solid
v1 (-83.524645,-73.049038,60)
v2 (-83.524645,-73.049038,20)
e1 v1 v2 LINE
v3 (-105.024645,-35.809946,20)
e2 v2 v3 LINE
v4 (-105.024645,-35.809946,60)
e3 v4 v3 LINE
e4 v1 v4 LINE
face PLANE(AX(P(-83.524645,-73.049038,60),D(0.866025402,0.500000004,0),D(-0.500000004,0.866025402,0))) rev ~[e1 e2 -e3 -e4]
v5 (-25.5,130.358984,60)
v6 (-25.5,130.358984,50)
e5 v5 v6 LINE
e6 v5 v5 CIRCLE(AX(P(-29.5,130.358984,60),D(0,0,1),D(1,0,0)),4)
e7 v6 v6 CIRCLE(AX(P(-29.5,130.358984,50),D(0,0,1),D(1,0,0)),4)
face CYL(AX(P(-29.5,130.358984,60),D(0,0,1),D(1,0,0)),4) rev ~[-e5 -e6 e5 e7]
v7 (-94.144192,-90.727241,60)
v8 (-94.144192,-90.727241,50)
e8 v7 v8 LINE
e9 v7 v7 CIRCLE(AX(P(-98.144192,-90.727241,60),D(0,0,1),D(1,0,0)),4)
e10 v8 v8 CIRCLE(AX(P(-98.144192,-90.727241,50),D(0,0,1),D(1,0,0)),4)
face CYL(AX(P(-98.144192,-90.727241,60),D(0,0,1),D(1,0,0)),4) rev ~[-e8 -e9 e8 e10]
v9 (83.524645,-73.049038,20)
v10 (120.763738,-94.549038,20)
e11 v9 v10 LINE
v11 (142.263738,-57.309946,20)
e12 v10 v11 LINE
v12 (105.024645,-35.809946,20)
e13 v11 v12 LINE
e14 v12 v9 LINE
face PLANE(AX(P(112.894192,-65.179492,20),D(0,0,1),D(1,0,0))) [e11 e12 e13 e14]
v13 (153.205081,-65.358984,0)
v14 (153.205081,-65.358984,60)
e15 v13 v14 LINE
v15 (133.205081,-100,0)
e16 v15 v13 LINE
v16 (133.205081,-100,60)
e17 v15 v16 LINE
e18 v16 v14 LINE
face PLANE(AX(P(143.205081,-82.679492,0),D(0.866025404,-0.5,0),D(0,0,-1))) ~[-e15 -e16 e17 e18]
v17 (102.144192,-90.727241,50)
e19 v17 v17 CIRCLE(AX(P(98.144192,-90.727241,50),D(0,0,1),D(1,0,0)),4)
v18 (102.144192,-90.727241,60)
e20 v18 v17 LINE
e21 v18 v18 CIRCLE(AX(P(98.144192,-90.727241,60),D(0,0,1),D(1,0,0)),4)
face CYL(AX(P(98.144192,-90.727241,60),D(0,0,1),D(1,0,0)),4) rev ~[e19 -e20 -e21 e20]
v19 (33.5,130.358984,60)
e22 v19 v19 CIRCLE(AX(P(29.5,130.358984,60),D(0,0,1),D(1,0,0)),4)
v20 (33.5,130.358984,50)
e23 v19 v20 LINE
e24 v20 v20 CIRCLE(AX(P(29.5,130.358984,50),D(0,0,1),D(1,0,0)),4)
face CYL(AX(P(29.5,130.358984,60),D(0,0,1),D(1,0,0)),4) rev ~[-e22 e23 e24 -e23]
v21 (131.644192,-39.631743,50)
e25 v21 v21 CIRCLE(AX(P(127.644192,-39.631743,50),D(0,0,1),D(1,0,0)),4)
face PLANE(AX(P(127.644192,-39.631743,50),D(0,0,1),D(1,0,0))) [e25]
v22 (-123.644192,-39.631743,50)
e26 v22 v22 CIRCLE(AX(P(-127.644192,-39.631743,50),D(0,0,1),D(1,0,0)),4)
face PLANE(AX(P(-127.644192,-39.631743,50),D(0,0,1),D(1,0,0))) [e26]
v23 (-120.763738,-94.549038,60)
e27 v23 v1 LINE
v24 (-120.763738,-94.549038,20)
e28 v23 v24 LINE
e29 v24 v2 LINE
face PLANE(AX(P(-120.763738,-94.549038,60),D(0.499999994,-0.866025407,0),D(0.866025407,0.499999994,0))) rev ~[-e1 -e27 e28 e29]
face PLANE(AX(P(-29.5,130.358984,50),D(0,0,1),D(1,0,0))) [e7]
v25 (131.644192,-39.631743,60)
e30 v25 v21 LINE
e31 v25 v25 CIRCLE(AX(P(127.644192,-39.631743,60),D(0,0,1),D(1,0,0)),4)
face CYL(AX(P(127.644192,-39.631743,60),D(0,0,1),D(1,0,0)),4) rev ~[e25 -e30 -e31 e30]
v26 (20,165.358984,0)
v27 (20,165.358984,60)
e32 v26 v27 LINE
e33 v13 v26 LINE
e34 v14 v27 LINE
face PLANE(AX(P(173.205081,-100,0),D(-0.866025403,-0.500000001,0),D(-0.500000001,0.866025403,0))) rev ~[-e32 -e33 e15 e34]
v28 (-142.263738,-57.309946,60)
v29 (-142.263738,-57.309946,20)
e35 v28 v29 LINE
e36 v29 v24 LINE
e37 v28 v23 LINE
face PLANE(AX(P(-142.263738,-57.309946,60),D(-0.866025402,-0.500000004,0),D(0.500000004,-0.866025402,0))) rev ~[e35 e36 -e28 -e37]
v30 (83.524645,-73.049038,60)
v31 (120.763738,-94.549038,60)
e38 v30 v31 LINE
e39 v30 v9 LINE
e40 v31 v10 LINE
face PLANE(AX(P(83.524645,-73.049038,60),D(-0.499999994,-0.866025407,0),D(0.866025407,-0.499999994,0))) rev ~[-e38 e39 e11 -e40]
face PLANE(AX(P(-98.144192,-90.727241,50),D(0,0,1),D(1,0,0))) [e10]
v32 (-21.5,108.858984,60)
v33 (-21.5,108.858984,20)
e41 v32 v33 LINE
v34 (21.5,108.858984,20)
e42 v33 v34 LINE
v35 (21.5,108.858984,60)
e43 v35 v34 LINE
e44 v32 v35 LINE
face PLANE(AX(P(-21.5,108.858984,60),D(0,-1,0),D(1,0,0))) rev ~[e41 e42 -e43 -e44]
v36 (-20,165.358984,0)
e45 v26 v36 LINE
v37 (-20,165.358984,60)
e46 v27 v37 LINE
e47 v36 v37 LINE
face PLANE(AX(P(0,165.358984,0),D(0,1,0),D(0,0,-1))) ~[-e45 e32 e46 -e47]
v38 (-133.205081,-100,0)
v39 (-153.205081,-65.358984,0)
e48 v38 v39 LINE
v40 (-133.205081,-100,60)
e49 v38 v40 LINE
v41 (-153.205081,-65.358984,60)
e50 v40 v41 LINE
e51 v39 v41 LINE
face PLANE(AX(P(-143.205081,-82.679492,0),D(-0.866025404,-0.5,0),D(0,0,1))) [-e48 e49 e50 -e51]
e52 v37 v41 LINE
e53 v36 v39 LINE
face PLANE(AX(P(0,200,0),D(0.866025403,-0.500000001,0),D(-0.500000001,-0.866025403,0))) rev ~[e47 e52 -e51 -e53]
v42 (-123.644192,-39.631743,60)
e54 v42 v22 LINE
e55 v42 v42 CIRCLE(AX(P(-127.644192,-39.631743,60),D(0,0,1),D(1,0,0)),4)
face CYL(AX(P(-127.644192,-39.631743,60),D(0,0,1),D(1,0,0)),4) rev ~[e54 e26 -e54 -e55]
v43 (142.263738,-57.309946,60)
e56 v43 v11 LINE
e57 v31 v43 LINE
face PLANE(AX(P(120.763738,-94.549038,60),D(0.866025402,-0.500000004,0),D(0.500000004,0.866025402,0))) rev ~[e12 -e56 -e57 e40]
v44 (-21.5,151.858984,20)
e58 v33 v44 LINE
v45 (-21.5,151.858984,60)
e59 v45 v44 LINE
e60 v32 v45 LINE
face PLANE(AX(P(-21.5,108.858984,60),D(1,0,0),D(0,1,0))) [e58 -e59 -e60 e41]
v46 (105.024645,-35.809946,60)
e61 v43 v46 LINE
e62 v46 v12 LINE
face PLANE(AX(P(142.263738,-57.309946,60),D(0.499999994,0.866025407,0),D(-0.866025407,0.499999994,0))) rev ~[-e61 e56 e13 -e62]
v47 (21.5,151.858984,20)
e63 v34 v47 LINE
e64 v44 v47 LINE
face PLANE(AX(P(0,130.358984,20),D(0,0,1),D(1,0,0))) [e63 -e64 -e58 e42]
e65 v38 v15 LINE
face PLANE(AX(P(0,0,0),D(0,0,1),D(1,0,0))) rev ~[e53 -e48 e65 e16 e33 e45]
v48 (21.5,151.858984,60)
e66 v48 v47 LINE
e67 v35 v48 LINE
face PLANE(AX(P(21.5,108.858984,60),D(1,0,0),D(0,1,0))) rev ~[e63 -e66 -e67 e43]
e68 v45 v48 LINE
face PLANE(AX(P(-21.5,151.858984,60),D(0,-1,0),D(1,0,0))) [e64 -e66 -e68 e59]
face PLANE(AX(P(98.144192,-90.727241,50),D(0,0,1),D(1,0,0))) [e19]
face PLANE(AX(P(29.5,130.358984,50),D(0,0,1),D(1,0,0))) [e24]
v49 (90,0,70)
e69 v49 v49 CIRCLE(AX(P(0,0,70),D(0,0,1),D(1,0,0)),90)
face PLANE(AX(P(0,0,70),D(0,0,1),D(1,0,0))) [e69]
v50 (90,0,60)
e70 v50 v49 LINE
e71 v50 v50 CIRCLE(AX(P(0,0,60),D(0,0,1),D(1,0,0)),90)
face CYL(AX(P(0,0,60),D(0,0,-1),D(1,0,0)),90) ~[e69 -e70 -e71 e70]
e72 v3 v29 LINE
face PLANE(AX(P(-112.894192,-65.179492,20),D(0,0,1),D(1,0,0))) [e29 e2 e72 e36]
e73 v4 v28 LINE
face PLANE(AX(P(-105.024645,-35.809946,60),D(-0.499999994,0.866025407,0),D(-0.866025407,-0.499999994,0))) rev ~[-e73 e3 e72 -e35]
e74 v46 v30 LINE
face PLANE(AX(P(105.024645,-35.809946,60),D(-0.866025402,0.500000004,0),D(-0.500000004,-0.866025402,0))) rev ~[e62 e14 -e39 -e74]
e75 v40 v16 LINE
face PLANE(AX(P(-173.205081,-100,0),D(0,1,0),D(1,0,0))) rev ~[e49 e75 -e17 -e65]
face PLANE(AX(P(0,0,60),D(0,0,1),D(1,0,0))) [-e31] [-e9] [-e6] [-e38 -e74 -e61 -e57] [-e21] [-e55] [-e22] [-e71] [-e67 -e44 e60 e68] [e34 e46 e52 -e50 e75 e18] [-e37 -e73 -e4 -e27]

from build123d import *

# Parameters (mm, degrees)
F1_DEPTH = 60
F2_SIZE  = 40
F3_R     = 90
F4_DEPTH = 10
F5_W     = 43
F5_H     = 43
F6_DEPTH = 40
F7_R     = 4
F8_DEPTH = 10


with BuildPart() as f1:
    # F0 (on Top) → F1 (new body)
    with BuildSketch(Plane.XY):
        Polygon((-173.205081, -100), (173.205081, -100), (0, 200), align=None)
    extrude(amount=F1_DEPTH)

    # F2
    f2_edges = [f1.edges().sort_by_distance(p)[0] for p in [
        (-173.205081, -100, 30),
        (173.205081, -100, 30),
        (0, 200, 30),
    ]]
    chamfer(f2_edges, length=F2_SIZE)

    # F3 (on face) → F4 (join)
    with BuildSketch(Plane.XY.offset(60)):
        Circle(F3_R)
    extrude(amount=F4_DEPTH)

    # F5 (on face) → F6 (cut)
    with BuildSketch(Plane.XY.offset(60)):
        with Locations((0, 130.358984)):
            Rectangle(F5_W, F5_H)
        Polygon((-120.763738, -94.549038), (-83.524645, -73.049038), (-105.024645, -35.809946), (-142.263738, -57.309946), align=None)
        Polygon((142.263738, -57.309946), (105.024645, -35.809946), (83.524645, -73.049038), (120.763738, -94.549038), align=None)
    extrude(amount=-F6_DEPTH, mode=Mode.SUBTRACT)

    # F7 (on face) → F8 (cut)
    with BuildSketch(Plane.XY.offset(60)):
        with Locations((-29.5, 130.358984)):
            Circle(F7_R)
        with Locations((29.5, 130.358984)):
            Circle(F7_R)
        with Locations((-98.144192, -90.727241)):
            Circle(F7_R)
        with Locations((-127.644192, -39.631743)):
            Circle(F7_R)
        with Locations((127.644192, -39.631743)):
            Circle(F7_R)
        with Locations((98.144192, -90.727241)):
            Circle(F7_R)
    extrude(amount=-F8_DEPTH, mode=Mode.SUBTRACT)


solid = f1.part
